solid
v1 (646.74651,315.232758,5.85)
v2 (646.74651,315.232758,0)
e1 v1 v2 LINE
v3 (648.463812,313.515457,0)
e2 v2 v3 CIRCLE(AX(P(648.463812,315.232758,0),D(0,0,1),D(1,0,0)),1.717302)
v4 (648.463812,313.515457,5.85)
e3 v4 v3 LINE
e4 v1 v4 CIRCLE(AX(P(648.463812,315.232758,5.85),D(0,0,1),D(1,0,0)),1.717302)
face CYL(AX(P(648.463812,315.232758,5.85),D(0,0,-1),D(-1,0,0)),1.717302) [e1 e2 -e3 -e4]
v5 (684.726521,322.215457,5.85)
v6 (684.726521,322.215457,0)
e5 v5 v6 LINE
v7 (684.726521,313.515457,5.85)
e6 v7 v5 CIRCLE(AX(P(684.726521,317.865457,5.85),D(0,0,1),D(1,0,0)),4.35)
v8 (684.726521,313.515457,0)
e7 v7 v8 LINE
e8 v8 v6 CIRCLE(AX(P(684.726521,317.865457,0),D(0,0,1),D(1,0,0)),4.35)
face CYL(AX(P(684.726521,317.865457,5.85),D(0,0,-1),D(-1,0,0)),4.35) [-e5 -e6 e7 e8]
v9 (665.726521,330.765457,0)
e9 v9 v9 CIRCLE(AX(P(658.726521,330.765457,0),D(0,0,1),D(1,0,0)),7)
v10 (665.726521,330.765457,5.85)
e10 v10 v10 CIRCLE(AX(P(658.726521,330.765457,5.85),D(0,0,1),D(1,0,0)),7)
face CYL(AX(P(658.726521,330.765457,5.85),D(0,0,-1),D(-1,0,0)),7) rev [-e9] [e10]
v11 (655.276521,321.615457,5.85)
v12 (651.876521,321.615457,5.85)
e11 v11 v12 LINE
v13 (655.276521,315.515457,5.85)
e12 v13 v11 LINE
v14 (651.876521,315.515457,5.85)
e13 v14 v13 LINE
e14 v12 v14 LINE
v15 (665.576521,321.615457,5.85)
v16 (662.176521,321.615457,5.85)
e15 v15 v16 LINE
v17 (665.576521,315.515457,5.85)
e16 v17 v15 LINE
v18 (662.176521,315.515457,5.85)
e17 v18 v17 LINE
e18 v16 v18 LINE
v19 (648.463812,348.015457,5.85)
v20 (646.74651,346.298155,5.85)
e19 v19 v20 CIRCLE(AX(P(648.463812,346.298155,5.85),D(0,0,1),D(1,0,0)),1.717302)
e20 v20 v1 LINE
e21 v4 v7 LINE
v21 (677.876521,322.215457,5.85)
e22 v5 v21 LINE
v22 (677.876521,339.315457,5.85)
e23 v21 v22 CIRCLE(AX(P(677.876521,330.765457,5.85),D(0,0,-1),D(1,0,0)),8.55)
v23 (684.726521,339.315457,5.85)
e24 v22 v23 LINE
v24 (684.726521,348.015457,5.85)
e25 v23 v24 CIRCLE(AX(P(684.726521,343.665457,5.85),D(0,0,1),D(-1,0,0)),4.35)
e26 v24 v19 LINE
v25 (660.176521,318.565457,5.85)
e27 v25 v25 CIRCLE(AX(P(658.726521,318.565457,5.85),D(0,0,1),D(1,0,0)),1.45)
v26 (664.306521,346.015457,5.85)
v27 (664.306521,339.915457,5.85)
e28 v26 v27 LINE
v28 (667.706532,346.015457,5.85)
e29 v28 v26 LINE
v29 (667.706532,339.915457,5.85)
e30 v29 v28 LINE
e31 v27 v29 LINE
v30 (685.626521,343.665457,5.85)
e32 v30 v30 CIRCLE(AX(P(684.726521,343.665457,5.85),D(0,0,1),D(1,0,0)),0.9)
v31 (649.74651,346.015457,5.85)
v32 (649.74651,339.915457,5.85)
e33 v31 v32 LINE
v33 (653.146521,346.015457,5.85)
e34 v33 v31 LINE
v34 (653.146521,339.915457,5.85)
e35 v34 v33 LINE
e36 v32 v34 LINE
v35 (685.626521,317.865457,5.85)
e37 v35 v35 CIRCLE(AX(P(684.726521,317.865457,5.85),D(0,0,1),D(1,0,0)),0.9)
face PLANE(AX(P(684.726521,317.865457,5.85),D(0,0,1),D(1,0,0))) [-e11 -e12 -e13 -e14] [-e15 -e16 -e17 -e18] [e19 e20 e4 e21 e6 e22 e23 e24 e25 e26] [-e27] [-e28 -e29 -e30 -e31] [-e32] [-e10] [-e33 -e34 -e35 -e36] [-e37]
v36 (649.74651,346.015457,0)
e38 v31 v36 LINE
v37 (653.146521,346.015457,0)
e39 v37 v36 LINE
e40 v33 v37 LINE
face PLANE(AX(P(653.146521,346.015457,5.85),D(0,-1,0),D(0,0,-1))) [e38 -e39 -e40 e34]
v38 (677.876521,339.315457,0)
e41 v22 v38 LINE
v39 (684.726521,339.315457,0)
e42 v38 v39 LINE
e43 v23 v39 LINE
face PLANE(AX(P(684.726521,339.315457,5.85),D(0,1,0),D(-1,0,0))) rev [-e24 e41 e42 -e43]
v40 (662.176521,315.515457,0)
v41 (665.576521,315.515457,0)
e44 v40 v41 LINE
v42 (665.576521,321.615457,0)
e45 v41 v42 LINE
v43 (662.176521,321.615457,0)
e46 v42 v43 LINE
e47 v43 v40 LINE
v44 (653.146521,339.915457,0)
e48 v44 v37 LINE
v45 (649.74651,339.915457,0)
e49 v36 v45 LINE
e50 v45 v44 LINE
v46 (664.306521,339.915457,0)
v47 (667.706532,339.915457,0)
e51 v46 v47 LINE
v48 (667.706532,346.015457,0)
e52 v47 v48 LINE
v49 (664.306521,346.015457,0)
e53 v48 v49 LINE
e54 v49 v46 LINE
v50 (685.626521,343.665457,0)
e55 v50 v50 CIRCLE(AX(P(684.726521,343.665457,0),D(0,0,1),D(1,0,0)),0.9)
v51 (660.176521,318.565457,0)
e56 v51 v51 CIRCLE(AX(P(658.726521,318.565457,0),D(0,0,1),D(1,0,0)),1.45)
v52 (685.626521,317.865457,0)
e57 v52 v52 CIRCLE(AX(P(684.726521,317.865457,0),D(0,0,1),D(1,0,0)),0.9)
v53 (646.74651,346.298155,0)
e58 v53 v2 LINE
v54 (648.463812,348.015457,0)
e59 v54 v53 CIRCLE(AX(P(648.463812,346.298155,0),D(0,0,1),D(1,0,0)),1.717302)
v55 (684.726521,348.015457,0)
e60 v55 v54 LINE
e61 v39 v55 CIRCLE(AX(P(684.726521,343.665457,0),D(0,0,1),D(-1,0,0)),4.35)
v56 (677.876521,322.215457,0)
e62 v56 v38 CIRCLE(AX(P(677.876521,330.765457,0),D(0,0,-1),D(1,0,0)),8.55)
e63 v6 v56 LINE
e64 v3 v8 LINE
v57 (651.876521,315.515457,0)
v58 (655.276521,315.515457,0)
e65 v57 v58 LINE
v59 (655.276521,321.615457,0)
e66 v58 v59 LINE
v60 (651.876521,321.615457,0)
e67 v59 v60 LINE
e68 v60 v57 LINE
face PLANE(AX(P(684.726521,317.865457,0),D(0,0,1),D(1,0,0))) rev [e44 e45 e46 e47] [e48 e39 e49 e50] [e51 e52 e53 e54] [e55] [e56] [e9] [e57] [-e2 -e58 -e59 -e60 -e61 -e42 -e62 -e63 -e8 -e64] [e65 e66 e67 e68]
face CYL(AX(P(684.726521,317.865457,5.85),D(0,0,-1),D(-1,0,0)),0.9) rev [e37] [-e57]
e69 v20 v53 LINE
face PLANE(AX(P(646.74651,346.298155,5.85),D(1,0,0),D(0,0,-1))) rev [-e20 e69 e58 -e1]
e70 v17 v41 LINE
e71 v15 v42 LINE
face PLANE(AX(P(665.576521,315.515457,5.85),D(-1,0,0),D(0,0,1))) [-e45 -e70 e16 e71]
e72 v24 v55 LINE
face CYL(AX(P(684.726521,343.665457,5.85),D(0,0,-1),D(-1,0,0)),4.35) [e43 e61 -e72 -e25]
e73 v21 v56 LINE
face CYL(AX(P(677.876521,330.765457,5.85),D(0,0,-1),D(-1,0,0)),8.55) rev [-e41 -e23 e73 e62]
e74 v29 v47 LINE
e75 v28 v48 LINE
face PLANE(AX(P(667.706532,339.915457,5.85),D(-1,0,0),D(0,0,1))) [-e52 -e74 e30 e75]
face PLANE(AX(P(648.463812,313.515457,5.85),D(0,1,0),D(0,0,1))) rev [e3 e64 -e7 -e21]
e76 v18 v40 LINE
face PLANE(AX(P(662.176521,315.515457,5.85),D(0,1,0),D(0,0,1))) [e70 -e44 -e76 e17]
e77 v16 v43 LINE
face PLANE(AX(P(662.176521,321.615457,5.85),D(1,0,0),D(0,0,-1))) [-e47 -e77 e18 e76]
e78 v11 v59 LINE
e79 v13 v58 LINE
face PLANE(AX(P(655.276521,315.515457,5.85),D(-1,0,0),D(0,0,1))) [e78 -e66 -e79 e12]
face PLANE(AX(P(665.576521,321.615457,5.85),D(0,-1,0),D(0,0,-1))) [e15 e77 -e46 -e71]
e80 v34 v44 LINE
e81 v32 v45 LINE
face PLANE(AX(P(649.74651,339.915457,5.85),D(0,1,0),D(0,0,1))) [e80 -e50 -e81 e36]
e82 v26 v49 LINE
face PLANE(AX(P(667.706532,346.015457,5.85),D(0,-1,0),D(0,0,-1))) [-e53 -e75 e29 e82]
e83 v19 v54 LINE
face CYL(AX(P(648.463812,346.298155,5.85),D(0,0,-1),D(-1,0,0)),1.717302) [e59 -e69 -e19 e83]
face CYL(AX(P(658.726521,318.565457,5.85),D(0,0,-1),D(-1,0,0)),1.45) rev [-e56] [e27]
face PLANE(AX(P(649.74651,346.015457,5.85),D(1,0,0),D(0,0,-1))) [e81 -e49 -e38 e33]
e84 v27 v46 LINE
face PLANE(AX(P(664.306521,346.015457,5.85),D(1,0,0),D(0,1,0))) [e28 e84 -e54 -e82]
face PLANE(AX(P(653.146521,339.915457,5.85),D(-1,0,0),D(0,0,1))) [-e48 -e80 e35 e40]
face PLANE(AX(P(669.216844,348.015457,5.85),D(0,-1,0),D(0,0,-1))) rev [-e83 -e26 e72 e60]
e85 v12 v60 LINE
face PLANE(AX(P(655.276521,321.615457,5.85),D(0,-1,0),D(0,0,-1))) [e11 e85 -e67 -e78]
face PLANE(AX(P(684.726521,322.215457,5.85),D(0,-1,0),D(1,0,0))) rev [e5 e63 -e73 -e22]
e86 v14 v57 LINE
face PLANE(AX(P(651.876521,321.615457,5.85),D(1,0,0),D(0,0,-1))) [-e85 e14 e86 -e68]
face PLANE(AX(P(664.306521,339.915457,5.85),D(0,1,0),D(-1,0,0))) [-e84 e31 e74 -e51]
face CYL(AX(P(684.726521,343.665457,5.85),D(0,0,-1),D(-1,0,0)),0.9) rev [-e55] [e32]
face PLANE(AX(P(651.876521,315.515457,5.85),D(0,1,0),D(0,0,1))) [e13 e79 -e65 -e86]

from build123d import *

# Parameters (mm, degrees)
SKETCH1_R           = 0.9
SKETCH1_R_2         = 1.45
SKETCH1_R_3         = 7
SKETCH1_W           = 3.400011
SKETCH1_H           = 6.1
SKETCH1_W_2         = 3.4
BOSS_EXTRUDE2_DEPTH = 5.85


with BuildPart() as part:
    # Sketch1 → Boss-Extrude2 (new body)
    with BuildSketch(Plane.XY):
        with BuildLine():
            Line((669.21684417, 348.01545661), (648.4638119, 348.01545661))
            ThreePointArc((648.4638119, 348.01545661), (647.249496344, 347.512470637), (646.746510371, 346.298155081))
            Line((646.746510371, 346.298155081), (646.746510371, 315.232758138))
            ThreePointArc((646.746510371, 315.232758138), (647.249496344, 314.018442582), (648.4638119, 313.51545661))
            Line((648.4638119, 313.51545661), (669.21684417, 313.51545661))
            Line((669.21684417, 313.51545661), (684.726521371, 313.51545661))
            ThreePointArc((684.726521371, 313.51545661), (689.076521371, 317.86545661), (684.726521371, 322.21545661))
            Line((684.726521371, 322.21545661), (677.876521371, 322.21545661))
            ThreePointArc((677.876521371, 322.21545661), (669.326521371, 330.76545661), (677.876521371, 339.31545661))
            Line((677.876521371, 339.31545661), (684.726521371, 339.31545661))
            ThreePointArc((684.726521371, 339.31545661), (689.076521371, 343.66545661), (684.726521371, 348.01545661))
            Line((684.726521371, 348.01545661), (669.21684417, 348.01545661))
        make_face()
        with Locations((684.726521371, 343.66545661)):
            Circle(SKETCH1_R, mode=Mode.SUBTRACT)
        with Locations((684.726521371, 317.86545661)):
            Circle(SKETCH1_R, mode=Mode.SUBTRACT)
        with Locations((658.726521371, 318.56545661)):
            Circle(SKETCH1_R_2, mode=Mode.SUBTRACT)
        with Locations((658.726521371, 330.76545661)):
            Circle(SKETCH1_R_3, mode=Mode.SUBTRACT)
        with Locations((651.446515871, 342.96545661)):
            Rectangle(SKETCH1_W, SKETCH1_H, mode=Mode.SUBTRACT)
        with Locations((653.576521371, 318.56545661)):
            Rectangle(SKETCH1_W_2, SKETCH1_H, mode=Mode.SUBTRACT)
        with Locations((666.006526871, 342.96545661)):
            Rectangle(SKETCH1_W, SKETCH1_H, mode=Mode.SUBTRACT)
        with Locations((663.876521371, 318.56545661)):
            Rectangle(SKETCH1_W_2, SKETCH1_H, mode=Mode.SUBTRACT)
    extrude(amount=BOSS_EXTRUDE2_DEPTH)


solid = part.part
